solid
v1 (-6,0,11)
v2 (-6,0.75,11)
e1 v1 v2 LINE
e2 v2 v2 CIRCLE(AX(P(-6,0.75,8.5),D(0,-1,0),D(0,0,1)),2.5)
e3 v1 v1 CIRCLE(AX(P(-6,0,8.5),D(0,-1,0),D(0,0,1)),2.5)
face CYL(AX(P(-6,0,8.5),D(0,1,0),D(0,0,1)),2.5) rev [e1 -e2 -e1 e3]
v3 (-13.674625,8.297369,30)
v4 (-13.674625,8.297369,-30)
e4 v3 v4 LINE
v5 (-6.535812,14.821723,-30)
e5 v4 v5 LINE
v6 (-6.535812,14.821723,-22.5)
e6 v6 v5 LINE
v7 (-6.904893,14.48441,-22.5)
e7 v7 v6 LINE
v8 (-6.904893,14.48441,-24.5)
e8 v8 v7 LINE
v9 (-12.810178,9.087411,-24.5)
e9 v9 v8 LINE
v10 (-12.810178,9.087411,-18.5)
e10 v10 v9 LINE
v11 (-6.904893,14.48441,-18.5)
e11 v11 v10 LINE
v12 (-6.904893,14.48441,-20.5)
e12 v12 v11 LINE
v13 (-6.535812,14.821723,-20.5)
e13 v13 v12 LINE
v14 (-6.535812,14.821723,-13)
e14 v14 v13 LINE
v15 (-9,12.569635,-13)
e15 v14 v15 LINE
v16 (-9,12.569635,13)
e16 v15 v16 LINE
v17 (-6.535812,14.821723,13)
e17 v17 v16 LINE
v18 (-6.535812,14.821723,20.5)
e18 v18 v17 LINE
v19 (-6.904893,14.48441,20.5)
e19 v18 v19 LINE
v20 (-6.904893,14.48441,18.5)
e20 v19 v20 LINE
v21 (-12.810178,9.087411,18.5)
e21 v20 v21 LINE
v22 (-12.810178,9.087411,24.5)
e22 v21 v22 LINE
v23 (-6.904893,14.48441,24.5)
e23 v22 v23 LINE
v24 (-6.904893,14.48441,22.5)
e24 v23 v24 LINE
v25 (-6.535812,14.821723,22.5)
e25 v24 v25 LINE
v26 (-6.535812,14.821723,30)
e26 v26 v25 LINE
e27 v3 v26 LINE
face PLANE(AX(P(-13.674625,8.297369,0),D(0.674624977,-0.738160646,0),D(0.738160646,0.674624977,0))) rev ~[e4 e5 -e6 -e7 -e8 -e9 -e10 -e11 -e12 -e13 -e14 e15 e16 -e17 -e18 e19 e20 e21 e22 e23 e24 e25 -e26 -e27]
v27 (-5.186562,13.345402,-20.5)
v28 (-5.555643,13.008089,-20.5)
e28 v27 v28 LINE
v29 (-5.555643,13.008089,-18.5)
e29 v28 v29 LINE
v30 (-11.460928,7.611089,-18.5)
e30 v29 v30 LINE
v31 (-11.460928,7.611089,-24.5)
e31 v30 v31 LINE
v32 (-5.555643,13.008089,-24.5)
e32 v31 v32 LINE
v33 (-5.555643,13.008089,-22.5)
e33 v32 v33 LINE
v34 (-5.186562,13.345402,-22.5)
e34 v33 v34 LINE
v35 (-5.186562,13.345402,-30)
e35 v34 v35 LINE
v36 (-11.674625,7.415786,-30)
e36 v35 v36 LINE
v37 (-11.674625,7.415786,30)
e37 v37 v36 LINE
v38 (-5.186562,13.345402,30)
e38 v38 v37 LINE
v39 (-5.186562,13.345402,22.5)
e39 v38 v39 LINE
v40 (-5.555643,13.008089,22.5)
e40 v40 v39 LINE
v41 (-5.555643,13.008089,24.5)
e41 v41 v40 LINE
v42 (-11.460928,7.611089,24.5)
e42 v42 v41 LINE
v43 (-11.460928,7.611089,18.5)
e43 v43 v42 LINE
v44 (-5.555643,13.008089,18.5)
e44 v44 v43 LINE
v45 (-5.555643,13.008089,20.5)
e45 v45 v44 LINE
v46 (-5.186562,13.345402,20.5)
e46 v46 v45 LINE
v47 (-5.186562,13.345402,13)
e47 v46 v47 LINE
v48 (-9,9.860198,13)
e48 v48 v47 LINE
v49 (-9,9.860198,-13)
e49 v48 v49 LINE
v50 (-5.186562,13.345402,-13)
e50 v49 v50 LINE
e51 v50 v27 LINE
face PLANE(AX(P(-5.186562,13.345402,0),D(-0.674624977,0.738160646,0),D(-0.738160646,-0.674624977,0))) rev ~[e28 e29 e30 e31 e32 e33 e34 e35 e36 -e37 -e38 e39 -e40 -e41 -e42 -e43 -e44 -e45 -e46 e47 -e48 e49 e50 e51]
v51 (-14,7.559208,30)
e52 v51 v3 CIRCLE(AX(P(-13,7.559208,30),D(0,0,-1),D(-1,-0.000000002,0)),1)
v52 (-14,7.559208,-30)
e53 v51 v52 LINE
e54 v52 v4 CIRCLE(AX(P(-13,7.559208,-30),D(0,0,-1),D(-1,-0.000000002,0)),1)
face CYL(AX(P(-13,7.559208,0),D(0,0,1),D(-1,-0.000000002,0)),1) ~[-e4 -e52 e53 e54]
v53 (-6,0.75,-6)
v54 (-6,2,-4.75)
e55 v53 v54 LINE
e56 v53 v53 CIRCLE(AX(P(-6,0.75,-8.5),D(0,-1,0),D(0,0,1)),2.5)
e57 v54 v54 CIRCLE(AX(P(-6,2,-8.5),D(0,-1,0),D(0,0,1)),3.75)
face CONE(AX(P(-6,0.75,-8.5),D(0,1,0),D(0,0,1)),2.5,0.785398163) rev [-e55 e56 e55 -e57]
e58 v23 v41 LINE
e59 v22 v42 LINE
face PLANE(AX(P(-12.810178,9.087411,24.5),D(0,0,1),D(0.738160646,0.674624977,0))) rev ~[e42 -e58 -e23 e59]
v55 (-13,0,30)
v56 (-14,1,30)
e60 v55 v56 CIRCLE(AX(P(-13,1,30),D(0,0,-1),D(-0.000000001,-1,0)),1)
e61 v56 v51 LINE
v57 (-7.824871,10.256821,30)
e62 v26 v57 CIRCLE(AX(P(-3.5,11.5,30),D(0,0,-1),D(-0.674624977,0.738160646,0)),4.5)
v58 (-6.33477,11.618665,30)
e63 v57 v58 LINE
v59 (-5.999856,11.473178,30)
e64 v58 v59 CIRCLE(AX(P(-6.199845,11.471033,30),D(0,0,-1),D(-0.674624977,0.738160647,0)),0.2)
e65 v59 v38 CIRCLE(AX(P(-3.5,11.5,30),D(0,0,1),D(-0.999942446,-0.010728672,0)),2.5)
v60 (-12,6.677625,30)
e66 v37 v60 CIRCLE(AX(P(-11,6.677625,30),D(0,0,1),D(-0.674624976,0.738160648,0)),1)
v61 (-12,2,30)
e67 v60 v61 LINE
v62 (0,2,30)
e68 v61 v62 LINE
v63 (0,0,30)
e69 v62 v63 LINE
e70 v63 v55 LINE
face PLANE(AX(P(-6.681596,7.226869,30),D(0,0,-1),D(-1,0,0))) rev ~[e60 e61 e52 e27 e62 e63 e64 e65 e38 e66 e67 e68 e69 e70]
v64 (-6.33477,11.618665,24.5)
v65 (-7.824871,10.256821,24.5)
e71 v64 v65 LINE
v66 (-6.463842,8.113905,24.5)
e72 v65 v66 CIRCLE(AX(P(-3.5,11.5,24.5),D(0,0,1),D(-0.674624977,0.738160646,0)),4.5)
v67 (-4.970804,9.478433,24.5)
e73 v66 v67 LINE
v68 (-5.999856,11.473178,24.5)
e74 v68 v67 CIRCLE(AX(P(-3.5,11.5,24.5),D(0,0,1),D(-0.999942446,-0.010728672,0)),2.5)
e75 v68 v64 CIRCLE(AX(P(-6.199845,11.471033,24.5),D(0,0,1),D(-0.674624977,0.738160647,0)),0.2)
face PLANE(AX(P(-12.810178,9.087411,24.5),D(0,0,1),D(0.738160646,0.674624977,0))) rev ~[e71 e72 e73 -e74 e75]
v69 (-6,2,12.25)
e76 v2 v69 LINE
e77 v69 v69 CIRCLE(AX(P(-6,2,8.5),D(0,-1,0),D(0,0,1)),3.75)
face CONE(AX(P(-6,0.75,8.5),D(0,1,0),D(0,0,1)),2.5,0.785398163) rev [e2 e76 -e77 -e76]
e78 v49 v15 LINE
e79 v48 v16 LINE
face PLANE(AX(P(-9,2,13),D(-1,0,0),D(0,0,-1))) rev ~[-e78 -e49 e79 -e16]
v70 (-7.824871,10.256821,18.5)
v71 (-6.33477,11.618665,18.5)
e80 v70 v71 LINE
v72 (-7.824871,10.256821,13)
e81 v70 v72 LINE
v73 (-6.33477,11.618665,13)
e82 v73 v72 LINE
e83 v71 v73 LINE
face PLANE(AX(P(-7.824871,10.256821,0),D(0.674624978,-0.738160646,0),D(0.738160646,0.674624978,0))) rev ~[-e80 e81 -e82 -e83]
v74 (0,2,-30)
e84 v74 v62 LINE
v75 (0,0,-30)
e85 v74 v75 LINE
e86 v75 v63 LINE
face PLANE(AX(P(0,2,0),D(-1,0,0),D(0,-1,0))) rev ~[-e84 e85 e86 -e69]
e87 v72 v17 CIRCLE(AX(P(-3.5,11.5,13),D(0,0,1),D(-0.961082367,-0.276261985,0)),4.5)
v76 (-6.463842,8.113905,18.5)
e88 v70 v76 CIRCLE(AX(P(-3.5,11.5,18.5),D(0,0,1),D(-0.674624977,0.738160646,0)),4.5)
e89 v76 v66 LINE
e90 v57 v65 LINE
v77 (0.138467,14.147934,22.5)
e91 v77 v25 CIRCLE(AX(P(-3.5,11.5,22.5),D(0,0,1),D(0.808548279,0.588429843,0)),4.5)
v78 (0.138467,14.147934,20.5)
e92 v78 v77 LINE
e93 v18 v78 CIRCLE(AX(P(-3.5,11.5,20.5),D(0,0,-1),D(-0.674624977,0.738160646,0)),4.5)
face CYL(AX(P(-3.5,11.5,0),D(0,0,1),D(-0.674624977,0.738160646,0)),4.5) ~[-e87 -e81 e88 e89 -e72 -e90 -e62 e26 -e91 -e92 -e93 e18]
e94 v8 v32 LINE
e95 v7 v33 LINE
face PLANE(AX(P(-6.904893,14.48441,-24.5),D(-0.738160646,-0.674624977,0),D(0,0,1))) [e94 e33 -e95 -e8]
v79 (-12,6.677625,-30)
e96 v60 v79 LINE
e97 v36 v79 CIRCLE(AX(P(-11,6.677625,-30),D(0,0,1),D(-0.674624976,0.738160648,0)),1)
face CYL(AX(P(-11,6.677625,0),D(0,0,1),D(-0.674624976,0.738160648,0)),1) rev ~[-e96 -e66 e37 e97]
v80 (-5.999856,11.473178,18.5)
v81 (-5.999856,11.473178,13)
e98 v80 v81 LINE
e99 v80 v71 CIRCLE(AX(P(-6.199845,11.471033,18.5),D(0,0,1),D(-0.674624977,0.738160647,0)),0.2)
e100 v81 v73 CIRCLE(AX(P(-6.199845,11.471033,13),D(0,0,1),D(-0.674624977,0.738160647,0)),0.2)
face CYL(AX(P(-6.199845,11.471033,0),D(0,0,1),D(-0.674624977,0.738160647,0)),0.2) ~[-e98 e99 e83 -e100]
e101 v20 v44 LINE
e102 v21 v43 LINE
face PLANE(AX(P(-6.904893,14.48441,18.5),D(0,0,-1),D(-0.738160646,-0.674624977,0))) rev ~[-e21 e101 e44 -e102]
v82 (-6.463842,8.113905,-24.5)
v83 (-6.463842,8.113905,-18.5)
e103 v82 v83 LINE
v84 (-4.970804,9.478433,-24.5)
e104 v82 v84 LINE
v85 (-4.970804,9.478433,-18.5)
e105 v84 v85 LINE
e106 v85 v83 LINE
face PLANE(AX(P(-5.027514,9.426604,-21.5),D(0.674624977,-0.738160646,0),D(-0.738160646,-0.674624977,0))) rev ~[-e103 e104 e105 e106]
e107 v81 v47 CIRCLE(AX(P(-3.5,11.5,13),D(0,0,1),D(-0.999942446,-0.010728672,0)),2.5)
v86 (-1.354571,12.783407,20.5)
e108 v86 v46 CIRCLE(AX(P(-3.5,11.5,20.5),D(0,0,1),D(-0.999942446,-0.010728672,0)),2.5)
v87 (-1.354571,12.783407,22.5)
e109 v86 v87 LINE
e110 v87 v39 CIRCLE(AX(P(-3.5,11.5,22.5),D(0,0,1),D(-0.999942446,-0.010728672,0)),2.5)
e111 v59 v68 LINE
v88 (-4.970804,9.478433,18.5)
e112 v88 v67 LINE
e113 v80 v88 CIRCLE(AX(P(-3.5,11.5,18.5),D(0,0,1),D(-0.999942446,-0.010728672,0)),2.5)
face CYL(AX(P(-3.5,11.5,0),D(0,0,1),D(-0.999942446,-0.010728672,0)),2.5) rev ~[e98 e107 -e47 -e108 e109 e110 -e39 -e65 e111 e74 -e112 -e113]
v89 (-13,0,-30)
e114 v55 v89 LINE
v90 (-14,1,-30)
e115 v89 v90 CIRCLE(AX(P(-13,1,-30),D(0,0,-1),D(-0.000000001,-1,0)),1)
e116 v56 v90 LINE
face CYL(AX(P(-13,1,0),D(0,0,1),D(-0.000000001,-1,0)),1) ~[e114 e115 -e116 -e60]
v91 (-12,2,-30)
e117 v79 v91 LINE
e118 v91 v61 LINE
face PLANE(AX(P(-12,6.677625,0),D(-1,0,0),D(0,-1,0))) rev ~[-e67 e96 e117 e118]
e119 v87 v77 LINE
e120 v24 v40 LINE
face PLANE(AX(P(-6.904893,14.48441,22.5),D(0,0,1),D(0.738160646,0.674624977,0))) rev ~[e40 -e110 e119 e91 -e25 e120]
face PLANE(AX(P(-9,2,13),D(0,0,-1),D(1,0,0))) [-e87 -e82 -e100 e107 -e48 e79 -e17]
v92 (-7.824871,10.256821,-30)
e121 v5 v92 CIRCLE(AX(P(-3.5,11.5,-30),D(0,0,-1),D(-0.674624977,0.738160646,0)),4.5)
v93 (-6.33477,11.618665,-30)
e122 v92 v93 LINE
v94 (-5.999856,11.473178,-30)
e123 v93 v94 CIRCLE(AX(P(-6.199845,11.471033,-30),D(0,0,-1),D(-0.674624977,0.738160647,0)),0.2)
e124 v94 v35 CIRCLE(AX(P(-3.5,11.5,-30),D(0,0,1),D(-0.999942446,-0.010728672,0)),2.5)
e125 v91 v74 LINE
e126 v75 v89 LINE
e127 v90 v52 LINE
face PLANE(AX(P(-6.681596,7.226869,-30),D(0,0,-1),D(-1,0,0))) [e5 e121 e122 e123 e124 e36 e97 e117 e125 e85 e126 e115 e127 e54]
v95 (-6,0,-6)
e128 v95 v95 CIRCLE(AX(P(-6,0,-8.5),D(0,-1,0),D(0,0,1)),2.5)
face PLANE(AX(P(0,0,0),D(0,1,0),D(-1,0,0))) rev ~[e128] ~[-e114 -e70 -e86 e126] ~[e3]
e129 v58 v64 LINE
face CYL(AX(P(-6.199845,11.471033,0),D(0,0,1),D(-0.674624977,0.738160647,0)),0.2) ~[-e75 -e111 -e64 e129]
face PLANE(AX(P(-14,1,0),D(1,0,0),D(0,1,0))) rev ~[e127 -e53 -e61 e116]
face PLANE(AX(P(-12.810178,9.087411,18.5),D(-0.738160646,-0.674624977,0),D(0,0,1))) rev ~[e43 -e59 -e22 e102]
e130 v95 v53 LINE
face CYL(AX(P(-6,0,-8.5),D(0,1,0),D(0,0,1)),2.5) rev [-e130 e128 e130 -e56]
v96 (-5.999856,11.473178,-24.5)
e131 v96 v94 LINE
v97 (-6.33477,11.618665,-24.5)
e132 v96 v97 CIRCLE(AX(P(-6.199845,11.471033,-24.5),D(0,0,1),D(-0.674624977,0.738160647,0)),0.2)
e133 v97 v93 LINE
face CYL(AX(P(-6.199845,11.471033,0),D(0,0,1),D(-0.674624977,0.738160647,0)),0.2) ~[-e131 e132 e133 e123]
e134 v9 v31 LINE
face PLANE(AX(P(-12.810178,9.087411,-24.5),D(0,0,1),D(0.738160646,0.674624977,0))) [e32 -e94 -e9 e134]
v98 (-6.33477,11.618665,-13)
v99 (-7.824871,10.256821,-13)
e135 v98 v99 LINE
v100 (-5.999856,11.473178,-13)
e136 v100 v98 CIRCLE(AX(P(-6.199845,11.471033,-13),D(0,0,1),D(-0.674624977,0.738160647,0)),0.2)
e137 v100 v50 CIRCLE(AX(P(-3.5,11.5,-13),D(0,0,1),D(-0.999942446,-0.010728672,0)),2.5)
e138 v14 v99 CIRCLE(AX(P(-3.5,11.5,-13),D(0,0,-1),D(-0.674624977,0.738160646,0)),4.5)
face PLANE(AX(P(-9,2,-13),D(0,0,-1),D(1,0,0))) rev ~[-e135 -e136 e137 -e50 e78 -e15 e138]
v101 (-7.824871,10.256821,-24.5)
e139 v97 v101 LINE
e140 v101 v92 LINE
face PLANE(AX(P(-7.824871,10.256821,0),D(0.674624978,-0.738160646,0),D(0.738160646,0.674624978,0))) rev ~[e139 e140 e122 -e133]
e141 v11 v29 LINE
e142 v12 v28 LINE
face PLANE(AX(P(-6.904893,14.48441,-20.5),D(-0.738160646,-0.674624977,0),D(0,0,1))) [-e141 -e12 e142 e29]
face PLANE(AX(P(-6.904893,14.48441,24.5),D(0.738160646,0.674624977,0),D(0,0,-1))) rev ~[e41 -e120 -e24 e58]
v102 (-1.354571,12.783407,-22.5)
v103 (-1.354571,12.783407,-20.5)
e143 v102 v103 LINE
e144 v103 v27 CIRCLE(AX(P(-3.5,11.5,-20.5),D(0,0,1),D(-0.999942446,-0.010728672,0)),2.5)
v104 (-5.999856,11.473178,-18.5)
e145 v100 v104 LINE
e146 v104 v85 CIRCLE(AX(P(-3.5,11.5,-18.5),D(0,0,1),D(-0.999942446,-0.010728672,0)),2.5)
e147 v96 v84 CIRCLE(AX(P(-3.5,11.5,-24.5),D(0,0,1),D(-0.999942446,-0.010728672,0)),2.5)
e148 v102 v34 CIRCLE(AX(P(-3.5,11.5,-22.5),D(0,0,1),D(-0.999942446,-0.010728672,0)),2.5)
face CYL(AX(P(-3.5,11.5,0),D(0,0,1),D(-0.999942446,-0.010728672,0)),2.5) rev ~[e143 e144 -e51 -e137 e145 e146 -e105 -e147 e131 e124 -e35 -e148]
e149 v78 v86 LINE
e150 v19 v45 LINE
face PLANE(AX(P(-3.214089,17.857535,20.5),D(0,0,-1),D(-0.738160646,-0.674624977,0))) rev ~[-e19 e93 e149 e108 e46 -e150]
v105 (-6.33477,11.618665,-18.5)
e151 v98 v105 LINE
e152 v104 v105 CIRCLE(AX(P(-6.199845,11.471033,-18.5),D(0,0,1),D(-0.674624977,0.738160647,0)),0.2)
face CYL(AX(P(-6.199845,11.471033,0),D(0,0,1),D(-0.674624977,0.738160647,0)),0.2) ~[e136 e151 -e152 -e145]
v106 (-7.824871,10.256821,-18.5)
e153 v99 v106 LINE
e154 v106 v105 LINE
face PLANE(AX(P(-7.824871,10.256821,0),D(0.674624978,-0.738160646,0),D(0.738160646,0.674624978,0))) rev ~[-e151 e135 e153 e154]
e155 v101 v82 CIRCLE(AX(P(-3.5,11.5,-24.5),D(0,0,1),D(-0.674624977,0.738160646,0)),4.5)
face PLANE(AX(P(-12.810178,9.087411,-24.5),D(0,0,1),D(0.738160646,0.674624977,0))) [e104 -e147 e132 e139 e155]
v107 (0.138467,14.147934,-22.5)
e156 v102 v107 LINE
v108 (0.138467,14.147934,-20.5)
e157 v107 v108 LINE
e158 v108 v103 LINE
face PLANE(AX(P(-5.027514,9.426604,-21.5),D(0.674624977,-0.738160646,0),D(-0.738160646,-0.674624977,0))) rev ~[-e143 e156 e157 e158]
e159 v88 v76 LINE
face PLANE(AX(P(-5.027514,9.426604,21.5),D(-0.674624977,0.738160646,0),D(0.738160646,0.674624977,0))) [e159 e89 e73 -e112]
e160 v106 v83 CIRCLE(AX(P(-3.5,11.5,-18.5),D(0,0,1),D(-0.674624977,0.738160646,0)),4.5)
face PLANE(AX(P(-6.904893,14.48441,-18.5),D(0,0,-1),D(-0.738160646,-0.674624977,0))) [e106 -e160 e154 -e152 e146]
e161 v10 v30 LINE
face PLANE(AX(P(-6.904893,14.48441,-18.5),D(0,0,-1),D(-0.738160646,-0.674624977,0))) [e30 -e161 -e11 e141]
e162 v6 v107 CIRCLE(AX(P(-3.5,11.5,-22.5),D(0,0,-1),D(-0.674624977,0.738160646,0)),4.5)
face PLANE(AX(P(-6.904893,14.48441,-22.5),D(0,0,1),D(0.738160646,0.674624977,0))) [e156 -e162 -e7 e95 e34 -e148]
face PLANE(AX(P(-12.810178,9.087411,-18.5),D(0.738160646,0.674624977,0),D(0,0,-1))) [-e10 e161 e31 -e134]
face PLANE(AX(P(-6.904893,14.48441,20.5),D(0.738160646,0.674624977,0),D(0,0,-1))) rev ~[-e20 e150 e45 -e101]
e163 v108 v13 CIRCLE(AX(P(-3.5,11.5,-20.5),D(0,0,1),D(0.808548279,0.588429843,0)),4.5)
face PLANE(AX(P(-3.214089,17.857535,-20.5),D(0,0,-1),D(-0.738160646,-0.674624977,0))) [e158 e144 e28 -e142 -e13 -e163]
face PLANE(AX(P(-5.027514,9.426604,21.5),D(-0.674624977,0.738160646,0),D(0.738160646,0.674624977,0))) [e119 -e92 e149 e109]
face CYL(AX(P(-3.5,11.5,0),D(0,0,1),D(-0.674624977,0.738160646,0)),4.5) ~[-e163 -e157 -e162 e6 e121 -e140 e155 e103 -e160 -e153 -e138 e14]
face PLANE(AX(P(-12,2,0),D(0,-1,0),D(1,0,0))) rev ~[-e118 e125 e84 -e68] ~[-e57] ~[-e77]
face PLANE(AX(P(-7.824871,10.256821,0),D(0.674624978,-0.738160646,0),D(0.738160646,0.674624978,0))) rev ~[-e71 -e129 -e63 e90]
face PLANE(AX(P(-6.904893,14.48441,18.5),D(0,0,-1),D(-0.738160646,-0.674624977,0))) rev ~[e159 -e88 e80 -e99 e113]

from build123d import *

# Parameters (mm, degrees)
EXTRUDE_1_DEPTH          = 30
CUT_EXTRUDE_1_REACH      = 37.944
SKETCH_2_W               = 10
SKETCH_2_H               = 26
HOLE_WIZARD_1_AT_2_COUNT = 2
HOLE_WIZARD_1_AT_2_PITCH = 17
CUT_EXTRUDE_2_DEPTH      = 5


with BuildPart() as part:
    # 草图1 → 凸台-拉伸1 (new, symmetric)
    with BuildSketch(Plane.XY):
        with BuildLine():
            Line((0, 0), (-13, 0))
            ThreePointArc((-13, 0), (-13.707106781, 0.292893219), (-14, 1))
            Line((-14, 1), (-14, 7.559208386))
            ThreePointArc((-14, 7.559208386), (-13.915047807, 7.962553786), (-13.674624977, 8.297369033))
            Line((-13.674624977, 8.297369033), (-6.535812398, 14.821722909))
            ThreePointArc((-6.535812398, 14.821722909), (0.830646134, 10.277091966), (-7.82487065, 10.256821067))
            Line((-7.82487065, 10.256821067), (-6.3347696, 11.618664715))
            ThreePointArc((-6.3347696, 11.618664715), (-6.120158424, 11.654472256), (-5.999856115, 11.47317832))
            ThreePointArc((-5.999856115, 11.47317832), (-1.20700412, 10.503922746), (-5.186562443, 13.345401616))
            Line((-5.186562443, 13.345401616), (-11.674624977, 7.415785805))
            ThreePointArc((-11.674624977, 7.415785805), (-11.915047807, 7.080970558), (-12, 6.677625158))
            Line((-12, 6.677625158), (-12, 2))
            Line((-12, 2), (0, 2))
            Line((0, 2), (0, 0))
        make_face()
    extrude(amount=EXTRUDE_1_DEPTH, both=True)

    # 草图2 → 切除-拉伸1 (cut, up to next)
    with BuildSketch(Plane(origin=(0, 2, 0), x_dir=(1, 0, 0), z_dir=(0, 1, 0)), mode=Mode.PRIVATE) as cut_extrude_1_sk1:
        with Locations((-4, 0)):
            Rectangle(SKETCH_2_W, SKETCH_2_H)
    cut_extrude_1_tool1 = extrude(cut_extrude_1_sk1.sketch, amount=CUT_EXTRUDE_1_REACH, mode=Mode.PRIVATE) & part.part
    add(cut_extrude_1_tool1.solids().sort_by_distance((-4, 2, 0))[0], mode=Mode.SUBTRACT)

    # 草图3 → 打孔尺寸(%根据十字)槽沉头木螺钉的类型1 (revolve, cut)
    with BuildSketch(Plane(origin=(-6, 2, -8.5), x_dir=(0, 0, 1), z_dir=(1, 0, 0))):
        Polygon((0, 0), (0, 2), (2.5, 2), (2.5, 1.25), (3.75, 0), align=None)
    hole_wizard_1 = revolve(axis=Axis((-6, 8.35, -8.5), (0, -1, 0)), mode=Mode.SUBTRACT)

    # 打孔尺寸(%根据十字)槽沉头木螺钉的类型1 at 2: 打孔尺寸(%根据十字)槽沉头木螺钉的类型1 ×2
    with Locations(*[(0, 0, i * HOLE_WIZARD_1_AT_2_PITCH) for i in range(1, HOLE_WIZARD_1_AT_2_COUNT)]):
        add(hole_wizard_1, mode=Mode.SUBTRACT)

    # 草图5 → 切除-拉伸2 (cut)
    with BuildSketch(Plane(origin=(-10.355516916, 11.330791651, 0), x_dir=(0.7381606464067151, 0.6746249773736669, 0), z_dir=(-0.6746249773736669, 0.7381606464067151, 0))):
        Polygon((-3.325375023, 24.5), (4.674624977, 24.5), (4.674624977, 22.5), (9.674624977, 22.5), (9.674624977, 20.5), (4.674624977, 20.5), (4.674624977, 18.5), (-3.325375023, 18.5), align=None)
        Polygon((9.674624977, -22.5), (9.674624977, -20.5), (4.674624977, -20.5), (4.674624977, -18.5), (-3.325375023, -18.5), (-3.325375023, -24.5), (4.674624977, -24.5), (4.674624977, -22.5), align=None)
    extrude(amount=-CUT_EXTRUDE_2_DEPTH, mode=Mode.SUBTRACT)


solid = part.part
